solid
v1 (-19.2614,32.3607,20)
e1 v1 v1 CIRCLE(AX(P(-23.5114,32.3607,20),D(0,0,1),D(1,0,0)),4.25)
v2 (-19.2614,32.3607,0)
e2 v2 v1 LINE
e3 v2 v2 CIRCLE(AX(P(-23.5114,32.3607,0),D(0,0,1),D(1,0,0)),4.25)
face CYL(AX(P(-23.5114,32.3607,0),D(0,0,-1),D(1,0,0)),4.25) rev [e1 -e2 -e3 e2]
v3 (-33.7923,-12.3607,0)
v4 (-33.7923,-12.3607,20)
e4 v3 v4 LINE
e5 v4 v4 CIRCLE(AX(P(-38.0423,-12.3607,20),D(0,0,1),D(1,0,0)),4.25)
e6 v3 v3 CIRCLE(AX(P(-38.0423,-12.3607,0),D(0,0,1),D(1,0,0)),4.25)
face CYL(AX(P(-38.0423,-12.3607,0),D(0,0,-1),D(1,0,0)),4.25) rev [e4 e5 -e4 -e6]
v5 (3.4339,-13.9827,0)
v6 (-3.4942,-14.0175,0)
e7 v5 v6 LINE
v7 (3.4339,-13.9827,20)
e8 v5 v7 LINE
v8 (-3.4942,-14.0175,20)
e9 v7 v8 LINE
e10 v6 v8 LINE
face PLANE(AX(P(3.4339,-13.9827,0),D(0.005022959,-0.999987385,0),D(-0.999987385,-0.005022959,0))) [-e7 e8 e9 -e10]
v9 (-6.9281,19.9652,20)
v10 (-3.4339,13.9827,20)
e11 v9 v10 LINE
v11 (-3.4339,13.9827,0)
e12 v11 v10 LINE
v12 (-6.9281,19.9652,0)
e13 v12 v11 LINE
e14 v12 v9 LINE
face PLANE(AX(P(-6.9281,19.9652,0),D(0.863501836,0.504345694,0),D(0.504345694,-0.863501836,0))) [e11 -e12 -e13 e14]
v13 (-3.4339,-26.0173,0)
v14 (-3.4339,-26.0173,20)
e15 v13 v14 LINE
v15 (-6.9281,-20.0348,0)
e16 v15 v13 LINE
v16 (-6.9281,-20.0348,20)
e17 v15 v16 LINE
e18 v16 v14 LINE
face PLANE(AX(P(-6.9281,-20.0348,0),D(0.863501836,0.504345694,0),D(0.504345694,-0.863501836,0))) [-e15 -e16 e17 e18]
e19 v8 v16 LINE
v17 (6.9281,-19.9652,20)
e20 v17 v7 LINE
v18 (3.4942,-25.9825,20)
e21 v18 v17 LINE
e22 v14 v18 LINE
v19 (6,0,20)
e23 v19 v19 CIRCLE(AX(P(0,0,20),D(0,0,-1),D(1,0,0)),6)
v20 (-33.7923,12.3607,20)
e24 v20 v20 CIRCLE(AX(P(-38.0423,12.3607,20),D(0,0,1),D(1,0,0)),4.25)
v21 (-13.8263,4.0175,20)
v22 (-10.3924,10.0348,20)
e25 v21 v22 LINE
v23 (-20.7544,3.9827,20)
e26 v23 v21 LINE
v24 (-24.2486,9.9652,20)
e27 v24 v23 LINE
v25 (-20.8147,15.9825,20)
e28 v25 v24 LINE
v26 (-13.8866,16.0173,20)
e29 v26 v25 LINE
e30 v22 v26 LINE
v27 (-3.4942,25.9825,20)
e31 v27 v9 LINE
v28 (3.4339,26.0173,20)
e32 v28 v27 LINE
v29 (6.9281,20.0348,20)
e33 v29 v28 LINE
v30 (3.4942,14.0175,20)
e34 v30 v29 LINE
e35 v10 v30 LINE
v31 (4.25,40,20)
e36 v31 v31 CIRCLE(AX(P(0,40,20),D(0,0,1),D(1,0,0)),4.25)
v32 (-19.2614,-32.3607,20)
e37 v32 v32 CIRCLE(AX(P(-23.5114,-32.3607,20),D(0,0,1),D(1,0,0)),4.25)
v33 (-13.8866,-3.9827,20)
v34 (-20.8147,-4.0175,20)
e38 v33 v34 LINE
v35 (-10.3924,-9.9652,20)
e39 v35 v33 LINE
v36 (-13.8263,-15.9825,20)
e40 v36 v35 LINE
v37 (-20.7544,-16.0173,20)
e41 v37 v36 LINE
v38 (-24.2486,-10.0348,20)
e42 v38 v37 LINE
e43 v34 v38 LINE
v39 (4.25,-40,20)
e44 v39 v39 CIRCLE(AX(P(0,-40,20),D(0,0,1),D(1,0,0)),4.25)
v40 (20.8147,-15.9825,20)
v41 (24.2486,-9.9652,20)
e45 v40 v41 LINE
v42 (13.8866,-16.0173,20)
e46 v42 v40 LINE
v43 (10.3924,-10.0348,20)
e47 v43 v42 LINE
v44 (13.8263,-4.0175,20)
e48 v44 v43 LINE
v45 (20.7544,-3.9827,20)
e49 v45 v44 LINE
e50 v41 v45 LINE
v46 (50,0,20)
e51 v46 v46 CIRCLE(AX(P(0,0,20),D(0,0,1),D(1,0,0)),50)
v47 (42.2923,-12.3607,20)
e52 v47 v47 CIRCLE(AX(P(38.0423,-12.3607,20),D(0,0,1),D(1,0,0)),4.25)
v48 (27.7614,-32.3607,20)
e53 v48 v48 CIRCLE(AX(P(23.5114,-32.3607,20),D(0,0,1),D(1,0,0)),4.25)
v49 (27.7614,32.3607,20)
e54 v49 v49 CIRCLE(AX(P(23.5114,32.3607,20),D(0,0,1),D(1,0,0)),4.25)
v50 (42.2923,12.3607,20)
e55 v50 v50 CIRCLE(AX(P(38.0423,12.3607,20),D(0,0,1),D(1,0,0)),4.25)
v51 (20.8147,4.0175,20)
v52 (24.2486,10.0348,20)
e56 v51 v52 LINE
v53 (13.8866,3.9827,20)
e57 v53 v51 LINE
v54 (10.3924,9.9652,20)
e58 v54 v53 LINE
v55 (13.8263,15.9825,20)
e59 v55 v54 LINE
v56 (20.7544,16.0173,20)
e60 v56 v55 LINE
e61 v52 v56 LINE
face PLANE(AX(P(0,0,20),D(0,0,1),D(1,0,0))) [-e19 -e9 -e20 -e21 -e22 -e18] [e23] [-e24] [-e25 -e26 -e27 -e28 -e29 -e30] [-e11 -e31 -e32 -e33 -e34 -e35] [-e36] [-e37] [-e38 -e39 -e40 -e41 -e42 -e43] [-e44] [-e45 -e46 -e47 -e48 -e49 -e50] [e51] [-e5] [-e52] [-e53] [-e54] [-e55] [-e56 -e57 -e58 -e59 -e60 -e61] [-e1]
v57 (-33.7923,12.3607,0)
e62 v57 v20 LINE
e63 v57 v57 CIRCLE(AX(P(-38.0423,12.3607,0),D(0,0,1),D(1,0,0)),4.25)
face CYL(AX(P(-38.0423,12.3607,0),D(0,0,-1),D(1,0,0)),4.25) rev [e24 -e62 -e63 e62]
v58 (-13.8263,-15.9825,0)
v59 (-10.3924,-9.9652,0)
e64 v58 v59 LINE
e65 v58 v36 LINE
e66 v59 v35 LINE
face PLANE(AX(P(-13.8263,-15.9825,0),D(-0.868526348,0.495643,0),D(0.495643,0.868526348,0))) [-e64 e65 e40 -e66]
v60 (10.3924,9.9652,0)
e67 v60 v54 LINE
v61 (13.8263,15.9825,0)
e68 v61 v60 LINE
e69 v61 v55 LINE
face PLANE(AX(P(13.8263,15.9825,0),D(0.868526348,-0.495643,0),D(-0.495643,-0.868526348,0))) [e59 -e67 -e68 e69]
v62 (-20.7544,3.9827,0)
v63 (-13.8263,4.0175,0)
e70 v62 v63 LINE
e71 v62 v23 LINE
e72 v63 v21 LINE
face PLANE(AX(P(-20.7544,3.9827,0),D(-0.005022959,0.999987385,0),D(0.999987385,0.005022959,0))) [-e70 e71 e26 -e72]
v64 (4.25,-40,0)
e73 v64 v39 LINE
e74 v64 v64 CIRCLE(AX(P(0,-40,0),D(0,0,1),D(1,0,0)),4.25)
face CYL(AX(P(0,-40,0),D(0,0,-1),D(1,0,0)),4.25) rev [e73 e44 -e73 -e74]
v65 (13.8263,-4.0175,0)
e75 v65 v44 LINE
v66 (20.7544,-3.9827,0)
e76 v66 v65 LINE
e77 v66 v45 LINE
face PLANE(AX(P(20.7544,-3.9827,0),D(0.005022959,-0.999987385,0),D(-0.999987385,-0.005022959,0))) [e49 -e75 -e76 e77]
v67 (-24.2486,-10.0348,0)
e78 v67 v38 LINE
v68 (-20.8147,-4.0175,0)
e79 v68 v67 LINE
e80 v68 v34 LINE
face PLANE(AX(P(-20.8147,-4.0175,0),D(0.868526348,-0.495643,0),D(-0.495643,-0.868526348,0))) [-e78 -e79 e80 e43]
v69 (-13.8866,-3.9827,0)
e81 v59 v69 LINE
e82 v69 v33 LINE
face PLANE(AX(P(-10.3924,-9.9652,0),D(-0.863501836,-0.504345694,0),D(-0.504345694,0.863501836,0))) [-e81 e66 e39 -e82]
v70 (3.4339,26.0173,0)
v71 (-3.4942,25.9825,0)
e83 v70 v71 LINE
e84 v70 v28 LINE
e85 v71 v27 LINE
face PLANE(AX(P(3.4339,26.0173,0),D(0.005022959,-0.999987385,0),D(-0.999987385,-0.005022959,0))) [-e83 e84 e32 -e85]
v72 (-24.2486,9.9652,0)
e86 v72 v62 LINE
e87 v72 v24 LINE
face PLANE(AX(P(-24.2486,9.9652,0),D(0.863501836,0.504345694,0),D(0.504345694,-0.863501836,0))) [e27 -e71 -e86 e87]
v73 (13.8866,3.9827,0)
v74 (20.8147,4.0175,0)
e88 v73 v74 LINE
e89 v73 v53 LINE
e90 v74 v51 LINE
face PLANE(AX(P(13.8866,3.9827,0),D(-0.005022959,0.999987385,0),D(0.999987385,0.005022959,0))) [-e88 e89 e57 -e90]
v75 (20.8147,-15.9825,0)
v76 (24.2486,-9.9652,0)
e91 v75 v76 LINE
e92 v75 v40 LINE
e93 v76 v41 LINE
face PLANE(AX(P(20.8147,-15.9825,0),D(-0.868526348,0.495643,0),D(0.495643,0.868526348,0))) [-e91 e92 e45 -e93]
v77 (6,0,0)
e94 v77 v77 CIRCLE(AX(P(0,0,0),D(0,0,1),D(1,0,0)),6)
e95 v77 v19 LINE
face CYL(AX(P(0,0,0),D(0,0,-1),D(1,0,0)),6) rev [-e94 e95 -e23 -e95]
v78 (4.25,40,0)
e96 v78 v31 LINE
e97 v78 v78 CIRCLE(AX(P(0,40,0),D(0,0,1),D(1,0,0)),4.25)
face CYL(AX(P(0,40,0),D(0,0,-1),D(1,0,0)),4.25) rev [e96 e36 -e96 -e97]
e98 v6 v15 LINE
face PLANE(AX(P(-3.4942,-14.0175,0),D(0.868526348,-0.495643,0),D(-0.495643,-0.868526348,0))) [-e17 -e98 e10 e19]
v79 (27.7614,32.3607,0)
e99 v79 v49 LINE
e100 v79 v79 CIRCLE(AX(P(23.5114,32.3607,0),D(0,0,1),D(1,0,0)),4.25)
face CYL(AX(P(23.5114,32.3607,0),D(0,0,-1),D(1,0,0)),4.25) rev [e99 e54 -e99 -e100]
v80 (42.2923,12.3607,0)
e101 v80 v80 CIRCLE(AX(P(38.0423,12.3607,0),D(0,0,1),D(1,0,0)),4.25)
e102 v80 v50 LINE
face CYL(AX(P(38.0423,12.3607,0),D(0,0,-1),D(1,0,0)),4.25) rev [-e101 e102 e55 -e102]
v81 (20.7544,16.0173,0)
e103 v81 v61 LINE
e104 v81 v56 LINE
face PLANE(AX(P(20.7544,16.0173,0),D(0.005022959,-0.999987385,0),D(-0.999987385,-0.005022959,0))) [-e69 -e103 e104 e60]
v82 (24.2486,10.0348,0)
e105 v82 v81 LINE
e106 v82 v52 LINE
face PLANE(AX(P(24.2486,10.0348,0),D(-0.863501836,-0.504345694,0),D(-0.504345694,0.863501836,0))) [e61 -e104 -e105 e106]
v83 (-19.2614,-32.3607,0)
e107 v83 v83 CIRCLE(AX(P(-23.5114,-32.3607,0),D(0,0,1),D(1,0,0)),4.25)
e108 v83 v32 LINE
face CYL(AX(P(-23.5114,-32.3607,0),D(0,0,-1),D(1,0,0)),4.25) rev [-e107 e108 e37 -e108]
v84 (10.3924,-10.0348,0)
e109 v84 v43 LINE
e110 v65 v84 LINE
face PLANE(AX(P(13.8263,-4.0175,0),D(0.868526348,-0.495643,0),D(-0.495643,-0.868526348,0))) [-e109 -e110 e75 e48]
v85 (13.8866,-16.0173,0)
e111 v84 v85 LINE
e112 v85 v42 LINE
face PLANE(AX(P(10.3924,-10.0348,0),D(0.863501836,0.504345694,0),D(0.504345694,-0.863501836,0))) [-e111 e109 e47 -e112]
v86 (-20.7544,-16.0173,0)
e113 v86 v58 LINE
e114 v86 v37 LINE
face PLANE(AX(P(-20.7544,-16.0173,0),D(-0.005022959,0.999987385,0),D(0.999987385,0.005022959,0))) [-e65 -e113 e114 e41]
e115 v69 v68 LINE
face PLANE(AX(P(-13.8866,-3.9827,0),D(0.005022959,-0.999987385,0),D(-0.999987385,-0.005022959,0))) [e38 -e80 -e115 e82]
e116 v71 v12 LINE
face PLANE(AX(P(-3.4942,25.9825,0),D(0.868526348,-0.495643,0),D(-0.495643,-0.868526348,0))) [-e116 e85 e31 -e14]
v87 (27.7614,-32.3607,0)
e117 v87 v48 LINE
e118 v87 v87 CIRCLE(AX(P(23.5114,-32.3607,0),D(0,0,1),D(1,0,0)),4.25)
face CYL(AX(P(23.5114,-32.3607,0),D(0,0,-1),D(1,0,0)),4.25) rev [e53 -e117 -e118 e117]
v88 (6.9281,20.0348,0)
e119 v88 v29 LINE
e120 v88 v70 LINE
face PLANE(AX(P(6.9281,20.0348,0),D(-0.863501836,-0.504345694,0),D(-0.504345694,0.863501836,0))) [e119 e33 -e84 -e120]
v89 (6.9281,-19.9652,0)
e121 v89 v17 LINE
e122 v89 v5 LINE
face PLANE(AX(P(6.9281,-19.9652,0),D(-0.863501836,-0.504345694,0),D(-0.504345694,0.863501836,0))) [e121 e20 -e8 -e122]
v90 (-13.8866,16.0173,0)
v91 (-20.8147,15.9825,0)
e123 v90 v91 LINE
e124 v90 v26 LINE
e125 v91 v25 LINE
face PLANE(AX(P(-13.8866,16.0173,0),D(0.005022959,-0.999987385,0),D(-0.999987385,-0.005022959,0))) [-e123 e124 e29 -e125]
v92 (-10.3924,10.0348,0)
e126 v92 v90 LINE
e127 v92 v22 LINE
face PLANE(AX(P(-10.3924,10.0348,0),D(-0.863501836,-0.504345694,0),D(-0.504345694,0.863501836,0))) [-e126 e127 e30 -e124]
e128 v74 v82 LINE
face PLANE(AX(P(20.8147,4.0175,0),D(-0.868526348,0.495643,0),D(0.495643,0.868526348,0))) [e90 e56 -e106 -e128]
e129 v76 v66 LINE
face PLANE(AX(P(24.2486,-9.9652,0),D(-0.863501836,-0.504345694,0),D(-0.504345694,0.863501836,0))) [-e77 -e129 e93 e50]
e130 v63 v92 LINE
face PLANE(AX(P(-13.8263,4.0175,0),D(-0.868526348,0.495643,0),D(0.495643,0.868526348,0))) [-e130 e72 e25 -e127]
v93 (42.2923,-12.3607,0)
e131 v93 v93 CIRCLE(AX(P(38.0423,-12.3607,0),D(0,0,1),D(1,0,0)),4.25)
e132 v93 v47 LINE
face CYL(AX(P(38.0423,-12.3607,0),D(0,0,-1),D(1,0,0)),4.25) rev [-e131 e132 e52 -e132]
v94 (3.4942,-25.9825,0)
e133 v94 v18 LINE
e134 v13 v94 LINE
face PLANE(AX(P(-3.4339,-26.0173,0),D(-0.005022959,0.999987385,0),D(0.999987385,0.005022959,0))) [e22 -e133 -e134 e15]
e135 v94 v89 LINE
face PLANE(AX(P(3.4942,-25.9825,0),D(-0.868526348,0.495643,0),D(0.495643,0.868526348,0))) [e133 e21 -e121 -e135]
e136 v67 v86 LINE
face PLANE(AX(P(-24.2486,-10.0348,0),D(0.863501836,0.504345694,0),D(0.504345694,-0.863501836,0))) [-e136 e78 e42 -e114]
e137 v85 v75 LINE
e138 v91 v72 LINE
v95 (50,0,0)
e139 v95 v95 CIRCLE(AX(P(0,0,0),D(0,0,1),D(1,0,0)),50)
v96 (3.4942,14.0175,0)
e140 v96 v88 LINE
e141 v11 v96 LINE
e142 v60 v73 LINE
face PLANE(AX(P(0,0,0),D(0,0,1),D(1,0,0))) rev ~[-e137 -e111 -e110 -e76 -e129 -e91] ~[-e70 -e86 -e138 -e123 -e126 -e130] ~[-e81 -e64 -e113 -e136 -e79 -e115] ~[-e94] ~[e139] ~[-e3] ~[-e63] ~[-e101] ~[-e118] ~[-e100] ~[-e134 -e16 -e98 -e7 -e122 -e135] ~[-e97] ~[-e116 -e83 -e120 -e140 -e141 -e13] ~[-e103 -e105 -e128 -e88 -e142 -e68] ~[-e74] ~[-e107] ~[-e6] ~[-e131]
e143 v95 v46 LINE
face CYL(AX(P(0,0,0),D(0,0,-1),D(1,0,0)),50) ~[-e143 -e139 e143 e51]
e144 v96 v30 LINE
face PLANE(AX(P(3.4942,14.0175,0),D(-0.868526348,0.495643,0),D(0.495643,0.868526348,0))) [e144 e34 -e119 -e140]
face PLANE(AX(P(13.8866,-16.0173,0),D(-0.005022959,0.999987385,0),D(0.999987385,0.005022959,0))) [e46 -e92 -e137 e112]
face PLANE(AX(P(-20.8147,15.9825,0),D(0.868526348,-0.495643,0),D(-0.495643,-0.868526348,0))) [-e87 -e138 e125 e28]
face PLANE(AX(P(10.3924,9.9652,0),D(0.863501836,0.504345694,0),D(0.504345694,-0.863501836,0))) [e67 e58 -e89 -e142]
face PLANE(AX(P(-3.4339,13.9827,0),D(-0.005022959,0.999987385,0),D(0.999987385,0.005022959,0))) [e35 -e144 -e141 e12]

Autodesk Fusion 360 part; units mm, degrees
sketch "Sketch1" plane through (0, 0, 0) normal (0, 0, 1) x (1, 0, 0)
  circle A0 centre (0, 0) radius 50
  circle A1 centre (0, 40) radius 4.25
  circle A2 centre (-23.5114, 32.3607) radius 4.25
  circle A3 centre (-38.0423, 12.3607) radius 4.25
  circle A4 centre (-38.0423, -12.3607) radius 4.25
  circle A5 centre (-23.5114, -32.3607) radius 4.25
  circle A6 centre (0, -40) radius 4.25
  circle A7 centre (23.5114, -32.3607) radius 4.25
  circle A8 centre (38.0423, -12.3607) radius 4.25
  circle A9 centre (38.0423, 12.3607) radius 4.25
  circle A10 centre (23.5114, 32.3607) radius 4.25
  line L0 (-3.4339, 13.9827) -> (3.4942, 14.0175)
  line L1 (3.4942, 14.0175) -> (6.9281, 20.0348)
  line L2 (6.9281, 20.0348) -> (3.4339, 26.0173)
  line L3 (3.4339, 26.0173) -> (-3.4942, 25.9825)
  line L4 (-3.4942, 25.9825) -> (-6.9281, 19.9652)
  line L5 (-6.9281, 19.9652) -> (-3.4339, 13.9827)
  line L6 (-20.7544, 3.9827) -> (-13.8263, 4.0175)
  line L7 (-13.8263, 4.0175) -> (-10.3924, 10.0348)
  line L8 (-10.3924, 10.0348) -> (-13.8866, 16.0173)
  line L9 (-13.8866, 16.0173) -> (-20.8147, 15.9825)
  line L10 (-24.2486, 9.9652) -> (-20.7544, 3.9827)
  line L11 (-20.8147, 15.9825) -> (-24.2486, 9.9652)
  line L12 (-13.8263, -15.9825) -> (-10.3924, -9.9652)
  line L13 (-10.3924, -9.9652) -> (-13.8866, -3.9827)
  line L14 (-13.8866, -3.9827) -> (-20.8147, -4.0175)
  line L15 (-20.8147, -4.0175) -> (-24.2486, -10.0348)
  line L16 (-20.7544, -16.0173) -> (-13.8263, -15.9825)
  line L17 (-24.2486, -10.0348) -> (-20.7544, -16.0173)
  line L18 (6.9281, -19.9652) -> (3.4339, -13.9827)
  line L19 (3.4339, -13.9827) -> (-3.4942, -14.0175)
  line L20 (-3.4942, -14.0175) -> (-6.9281, -20.0348)
  line L21 (-6.9281, -20.0348) -> (-3.4339, -26.0173)
  line L22 (3.4942, -25.9825) -> (6.9281, -19.9652)
  line L23 (-3.4339, -26.0173) -> (3.4942, -25.9825)
  line L24 (20.7544, -3.9827) -> (13.8263, -4.0175)
  line L25 (13.8263, -4.0175) -> (10.3924, -10.0348)
  line L26 (10.3924, -10.0348) -> (13.8866, -16.0173)
  line L27 (13.8866, -16.0173) -> (20.8147, -15.9825)
  line L28 (24.2486, -9.9652) -> (20.7544, -3.9827)
  line L29 (20.8147, -15.9825) -> (24.2486, -9.9652)
  line L30 (13.8263, 15.9825) -> (10.3924, 9.9652)
  line L31 (10.3924, 9.9652) -> (13.8866, 3.9827)
  line L32 (13.8866, 3.9827) -> (20.8147, 4.0175)
  line L33 (20.8147, 4.0175) -> (24.2486, 10.0348)
  line L34 (20.7544, 16.0173) -> (13.8263, 15.9825)
  line L35 (24.2486, 10.0348) -> (20.7544, 16.0173)
  circle A11 centre (0, 0) radius 6
  point P0 (0, 20)
  dimension "d3" = 100
  dimension "d4" = 8.5
  dimension "d5" = 40
  dimension "d7" = 360
  dimension "d9" = 6
  dimension "d10" = 20
  dimension "d12" = 360
  dimension "d16" = 12
extrude "Extrude1" add sketch "Sketch1" along normal blind 20 contours A0 | A11 makes body 1
copy_body "Body->Comp1" bodies 1 removing the originals makes body 2 in component "Component"
extrude "Extrude1'" cut sketch "Sketch1" along normal blind 21.019 contours A11 bodies 2 in component "Component"
component "Component" placed x (1, 0, 0) y (0, 1, 0) z (0, 0, 1) at (0, 0, 0)
equation "Reaktion_Durchmesser = 120 mm"
equation "M8_Durchmesser = 8.5 mm"
equation "d4 = M8_Durchmesser"
equation "Plygon_D = 6 mm"
equation "wheel_hohe = 20 mm"
equation "d14 = wheel_hohe"
